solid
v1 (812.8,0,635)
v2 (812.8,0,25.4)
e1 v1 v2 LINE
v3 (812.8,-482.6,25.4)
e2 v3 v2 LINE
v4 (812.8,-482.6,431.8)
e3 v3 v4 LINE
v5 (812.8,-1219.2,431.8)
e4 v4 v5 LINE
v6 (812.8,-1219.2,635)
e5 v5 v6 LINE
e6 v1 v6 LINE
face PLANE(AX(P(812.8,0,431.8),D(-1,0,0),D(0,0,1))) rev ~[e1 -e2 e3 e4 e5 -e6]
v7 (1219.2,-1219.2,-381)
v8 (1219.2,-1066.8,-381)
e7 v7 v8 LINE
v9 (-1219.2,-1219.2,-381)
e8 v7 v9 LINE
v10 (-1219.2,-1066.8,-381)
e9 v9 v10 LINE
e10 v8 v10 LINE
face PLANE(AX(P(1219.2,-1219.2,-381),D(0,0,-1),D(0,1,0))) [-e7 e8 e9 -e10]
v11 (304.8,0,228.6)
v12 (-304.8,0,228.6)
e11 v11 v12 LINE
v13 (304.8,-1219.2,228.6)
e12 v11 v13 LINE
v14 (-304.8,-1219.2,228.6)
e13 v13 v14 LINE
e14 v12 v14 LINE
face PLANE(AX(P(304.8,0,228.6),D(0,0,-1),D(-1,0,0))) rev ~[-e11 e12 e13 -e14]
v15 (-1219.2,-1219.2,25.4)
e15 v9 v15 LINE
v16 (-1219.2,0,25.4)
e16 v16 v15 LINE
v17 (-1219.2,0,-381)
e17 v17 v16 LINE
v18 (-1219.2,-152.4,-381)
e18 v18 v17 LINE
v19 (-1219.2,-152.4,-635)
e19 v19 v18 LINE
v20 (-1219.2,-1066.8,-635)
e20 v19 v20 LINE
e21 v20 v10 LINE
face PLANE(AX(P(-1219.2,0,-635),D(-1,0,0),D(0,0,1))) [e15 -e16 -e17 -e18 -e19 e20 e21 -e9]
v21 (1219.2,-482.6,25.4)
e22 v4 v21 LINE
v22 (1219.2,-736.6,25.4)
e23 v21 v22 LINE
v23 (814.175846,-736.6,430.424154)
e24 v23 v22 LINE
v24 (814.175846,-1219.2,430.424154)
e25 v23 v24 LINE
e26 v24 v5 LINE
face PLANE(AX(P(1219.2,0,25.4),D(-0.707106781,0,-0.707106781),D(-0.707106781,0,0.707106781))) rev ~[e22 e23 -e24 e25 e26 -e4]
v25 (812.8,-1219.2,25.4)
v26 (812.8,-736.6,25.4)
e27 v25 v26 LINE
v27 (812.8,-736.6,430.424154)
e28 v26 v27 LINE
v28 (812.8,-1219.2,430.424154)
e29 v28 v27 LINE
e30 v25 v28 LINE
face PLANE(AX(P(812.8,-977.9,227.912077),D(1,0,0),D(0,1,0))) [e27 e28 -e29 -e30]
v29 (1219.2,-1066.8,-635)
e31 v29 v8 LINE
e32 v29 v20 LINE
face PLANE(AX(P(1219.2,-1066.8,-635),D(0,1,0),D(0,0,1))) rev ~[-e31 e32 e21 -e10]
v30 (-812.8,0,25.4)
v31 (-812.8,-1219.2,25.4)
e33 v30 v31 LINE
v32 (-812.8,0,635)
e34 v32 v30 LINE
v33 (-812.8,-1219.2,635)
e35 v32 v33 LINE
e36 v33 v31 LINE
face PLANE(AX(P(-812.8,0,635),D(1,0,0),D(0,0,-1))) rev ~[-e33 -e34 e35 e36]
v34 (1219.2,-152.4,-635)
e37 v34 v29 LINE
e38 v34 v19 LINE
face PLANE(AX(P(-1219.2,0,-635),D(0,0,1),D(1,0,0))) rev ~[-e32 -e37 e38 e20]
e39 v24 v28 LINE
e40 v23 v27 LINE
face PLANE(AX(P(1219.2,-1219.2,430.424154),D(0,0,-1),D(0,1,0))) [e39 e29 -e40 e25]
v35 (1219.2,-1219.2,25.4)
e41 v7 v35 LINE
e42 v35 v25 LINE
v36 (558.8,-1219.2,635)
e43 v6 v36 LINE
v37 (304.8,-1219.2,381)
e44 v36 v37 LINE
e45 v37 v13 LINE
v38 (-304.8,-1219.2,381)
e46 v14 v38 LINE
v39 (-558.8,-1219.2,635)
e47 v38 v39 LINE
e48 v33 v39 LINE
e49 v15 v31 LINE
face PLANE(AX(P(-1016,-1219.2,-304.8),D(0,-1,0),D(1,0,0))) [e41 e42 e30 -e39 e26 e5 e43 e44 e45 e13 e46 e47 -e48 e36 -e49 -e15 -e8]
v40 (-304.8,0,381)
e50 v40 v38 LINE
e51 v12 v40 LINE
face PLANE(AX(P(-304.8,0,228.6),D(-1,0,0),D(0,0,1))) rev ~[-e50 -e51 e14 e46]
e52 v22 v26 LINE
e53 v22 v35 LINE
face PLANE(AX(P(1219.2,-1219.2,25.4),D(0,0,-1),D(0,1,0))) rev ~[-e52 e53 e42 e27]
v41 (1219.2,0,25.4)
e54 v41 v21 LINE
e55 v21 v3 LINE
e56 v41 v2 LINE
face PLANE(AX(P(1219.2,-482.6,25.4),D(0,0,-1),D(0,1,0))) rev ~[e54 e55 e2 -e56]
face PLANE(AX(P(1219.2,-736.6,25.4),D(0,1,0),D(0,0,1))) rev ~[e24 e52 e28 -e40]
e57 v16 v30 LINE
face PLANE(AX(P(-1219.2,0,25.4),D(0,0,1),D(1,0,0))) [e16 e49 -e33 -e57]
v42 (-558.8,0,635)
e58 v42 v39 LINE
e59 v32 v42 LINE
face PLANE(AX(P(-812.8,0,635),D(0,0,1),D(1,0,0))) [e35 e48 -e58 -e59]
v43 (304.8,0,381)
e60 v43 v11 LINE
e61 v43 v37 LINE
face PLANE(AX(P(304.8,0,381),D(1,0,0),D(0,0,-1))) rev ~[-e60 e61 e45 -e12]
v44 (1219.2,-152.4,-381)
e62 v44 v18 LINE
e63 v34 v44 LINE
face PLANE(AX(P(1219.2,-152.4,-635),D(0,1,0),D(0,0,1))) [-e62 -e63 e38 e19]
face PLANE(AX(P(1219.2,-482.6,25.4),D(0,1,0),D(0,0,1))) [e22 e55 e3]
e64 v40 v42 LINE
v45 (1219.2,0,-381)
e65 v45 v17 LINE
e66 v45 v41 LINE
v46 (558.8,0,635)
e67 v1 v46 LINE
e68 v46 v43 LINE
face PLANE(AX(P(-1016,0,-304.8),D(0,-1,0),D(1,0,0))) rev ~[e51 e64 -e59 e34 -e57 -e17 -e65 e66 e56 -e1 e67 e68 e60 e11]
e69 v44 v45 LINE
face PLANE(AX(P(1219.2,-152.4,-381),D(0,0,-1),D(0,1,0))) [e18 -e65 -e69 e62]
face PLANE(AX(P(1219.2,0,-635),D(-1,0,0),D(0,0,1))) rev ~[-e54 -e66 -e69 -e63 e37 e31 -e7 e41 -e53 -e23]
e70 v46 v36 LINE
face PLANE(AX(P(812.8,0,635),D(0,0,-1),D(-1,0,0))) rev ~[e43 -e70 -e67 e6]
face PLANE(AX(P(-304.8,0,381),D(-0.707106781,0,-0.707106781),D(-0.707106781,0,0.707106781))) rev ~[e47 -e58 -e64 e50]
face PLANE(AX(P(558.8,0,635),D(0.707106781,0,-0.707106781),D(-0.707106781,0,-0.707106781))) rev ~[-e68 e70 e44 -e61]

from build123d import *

# Parameters (mm, degrees)
F0_W     = 406.4
F0_H     = 660.4
F0_W_2   = 254
F0_H_2   = 406.4
F0_H_3   = 863.6
F1_DEPTH = 1219.2
F2_W     = 152.4
F2_H     = 254
F3_DEPTH = 2438.4
F4_W     = 482.6
F4_H     = 406.5058358669
F4_H_2   = 405.0241538048
F5_DEPTH = 406.4


with BuildPart() as f1:
    # F0 (on Front) → F1 (new body)
    with BuildSketch(Plane.XZ):
        with Locations((-1016, -304.8)):
            Rectangle(F0_W, F0_H)
        Polygon((-558.8, 228.6), (-812.8, 228.6), (-812.8, 25.4), (-812.8, -635), (-558.8, -635), align=None)
        with Locations((-685.8, 431.8)):
            Rectangle(F0_W_2, F0_H_2)
        Polygon((-304.8, 381), (-558.8, 635), (-558.8, 228.6), (-304.8, 228.6), align=None)
        with Locations((-431.8, -203.2)):
            Rectangle(F0_W_2, F0_H_3)
        Polygon((-152.4, 228.6), (-304.8, 228.6), (-304.8, -635), (304.8, -635), (304.8, 228.6), align=None)
        Polygon((558.8, -635), (558.8, 635), (304.8, 381), (304.8, 228.6), (304.8, -635), align=None)
        Polygon((812.8, 635), (558.8, 635), (558.8, -635), (812.8, -635), (812.8, 25.4), (812.8, 431.8), align=None)
        Polygon((1219.2, 25.4), (812.8, 431.8), (812.8, 25.4), align=None)
        with Locations((1016, -304.8)):
            Rectangle(F0_W, F0_H)
    extrude(amount=F1_DEPTH)

    # F2 (on face) → F3 (cut)
    with BuildSketch(Plane.YZ.offset(1219.2)):
        with Locations((-1143, -508)):
            Rectangle(F2_W, F2_H)
        with Locations((-76.2, -508)):
            Rectangle(F2_W, F2_H)
    extrude(amount=-F3_DEPTH, mode=Mode.SUBTRACT)

    # F4 (on face) → F5 (cut)
    with BuildSketch(Plane.YZ.offset(1219.2)):
        with Locations((-241.3, 228.6529179335)):
            Rectangle(F4_W, F4_H)
        with Locations((-977.9, 227.9120769024)):
            Rectangle(F4_W, F4_H_2)
    extrude(amount=-F5_DEPTH, mode=Mode.SUBTRACT)


solid = f1.part
